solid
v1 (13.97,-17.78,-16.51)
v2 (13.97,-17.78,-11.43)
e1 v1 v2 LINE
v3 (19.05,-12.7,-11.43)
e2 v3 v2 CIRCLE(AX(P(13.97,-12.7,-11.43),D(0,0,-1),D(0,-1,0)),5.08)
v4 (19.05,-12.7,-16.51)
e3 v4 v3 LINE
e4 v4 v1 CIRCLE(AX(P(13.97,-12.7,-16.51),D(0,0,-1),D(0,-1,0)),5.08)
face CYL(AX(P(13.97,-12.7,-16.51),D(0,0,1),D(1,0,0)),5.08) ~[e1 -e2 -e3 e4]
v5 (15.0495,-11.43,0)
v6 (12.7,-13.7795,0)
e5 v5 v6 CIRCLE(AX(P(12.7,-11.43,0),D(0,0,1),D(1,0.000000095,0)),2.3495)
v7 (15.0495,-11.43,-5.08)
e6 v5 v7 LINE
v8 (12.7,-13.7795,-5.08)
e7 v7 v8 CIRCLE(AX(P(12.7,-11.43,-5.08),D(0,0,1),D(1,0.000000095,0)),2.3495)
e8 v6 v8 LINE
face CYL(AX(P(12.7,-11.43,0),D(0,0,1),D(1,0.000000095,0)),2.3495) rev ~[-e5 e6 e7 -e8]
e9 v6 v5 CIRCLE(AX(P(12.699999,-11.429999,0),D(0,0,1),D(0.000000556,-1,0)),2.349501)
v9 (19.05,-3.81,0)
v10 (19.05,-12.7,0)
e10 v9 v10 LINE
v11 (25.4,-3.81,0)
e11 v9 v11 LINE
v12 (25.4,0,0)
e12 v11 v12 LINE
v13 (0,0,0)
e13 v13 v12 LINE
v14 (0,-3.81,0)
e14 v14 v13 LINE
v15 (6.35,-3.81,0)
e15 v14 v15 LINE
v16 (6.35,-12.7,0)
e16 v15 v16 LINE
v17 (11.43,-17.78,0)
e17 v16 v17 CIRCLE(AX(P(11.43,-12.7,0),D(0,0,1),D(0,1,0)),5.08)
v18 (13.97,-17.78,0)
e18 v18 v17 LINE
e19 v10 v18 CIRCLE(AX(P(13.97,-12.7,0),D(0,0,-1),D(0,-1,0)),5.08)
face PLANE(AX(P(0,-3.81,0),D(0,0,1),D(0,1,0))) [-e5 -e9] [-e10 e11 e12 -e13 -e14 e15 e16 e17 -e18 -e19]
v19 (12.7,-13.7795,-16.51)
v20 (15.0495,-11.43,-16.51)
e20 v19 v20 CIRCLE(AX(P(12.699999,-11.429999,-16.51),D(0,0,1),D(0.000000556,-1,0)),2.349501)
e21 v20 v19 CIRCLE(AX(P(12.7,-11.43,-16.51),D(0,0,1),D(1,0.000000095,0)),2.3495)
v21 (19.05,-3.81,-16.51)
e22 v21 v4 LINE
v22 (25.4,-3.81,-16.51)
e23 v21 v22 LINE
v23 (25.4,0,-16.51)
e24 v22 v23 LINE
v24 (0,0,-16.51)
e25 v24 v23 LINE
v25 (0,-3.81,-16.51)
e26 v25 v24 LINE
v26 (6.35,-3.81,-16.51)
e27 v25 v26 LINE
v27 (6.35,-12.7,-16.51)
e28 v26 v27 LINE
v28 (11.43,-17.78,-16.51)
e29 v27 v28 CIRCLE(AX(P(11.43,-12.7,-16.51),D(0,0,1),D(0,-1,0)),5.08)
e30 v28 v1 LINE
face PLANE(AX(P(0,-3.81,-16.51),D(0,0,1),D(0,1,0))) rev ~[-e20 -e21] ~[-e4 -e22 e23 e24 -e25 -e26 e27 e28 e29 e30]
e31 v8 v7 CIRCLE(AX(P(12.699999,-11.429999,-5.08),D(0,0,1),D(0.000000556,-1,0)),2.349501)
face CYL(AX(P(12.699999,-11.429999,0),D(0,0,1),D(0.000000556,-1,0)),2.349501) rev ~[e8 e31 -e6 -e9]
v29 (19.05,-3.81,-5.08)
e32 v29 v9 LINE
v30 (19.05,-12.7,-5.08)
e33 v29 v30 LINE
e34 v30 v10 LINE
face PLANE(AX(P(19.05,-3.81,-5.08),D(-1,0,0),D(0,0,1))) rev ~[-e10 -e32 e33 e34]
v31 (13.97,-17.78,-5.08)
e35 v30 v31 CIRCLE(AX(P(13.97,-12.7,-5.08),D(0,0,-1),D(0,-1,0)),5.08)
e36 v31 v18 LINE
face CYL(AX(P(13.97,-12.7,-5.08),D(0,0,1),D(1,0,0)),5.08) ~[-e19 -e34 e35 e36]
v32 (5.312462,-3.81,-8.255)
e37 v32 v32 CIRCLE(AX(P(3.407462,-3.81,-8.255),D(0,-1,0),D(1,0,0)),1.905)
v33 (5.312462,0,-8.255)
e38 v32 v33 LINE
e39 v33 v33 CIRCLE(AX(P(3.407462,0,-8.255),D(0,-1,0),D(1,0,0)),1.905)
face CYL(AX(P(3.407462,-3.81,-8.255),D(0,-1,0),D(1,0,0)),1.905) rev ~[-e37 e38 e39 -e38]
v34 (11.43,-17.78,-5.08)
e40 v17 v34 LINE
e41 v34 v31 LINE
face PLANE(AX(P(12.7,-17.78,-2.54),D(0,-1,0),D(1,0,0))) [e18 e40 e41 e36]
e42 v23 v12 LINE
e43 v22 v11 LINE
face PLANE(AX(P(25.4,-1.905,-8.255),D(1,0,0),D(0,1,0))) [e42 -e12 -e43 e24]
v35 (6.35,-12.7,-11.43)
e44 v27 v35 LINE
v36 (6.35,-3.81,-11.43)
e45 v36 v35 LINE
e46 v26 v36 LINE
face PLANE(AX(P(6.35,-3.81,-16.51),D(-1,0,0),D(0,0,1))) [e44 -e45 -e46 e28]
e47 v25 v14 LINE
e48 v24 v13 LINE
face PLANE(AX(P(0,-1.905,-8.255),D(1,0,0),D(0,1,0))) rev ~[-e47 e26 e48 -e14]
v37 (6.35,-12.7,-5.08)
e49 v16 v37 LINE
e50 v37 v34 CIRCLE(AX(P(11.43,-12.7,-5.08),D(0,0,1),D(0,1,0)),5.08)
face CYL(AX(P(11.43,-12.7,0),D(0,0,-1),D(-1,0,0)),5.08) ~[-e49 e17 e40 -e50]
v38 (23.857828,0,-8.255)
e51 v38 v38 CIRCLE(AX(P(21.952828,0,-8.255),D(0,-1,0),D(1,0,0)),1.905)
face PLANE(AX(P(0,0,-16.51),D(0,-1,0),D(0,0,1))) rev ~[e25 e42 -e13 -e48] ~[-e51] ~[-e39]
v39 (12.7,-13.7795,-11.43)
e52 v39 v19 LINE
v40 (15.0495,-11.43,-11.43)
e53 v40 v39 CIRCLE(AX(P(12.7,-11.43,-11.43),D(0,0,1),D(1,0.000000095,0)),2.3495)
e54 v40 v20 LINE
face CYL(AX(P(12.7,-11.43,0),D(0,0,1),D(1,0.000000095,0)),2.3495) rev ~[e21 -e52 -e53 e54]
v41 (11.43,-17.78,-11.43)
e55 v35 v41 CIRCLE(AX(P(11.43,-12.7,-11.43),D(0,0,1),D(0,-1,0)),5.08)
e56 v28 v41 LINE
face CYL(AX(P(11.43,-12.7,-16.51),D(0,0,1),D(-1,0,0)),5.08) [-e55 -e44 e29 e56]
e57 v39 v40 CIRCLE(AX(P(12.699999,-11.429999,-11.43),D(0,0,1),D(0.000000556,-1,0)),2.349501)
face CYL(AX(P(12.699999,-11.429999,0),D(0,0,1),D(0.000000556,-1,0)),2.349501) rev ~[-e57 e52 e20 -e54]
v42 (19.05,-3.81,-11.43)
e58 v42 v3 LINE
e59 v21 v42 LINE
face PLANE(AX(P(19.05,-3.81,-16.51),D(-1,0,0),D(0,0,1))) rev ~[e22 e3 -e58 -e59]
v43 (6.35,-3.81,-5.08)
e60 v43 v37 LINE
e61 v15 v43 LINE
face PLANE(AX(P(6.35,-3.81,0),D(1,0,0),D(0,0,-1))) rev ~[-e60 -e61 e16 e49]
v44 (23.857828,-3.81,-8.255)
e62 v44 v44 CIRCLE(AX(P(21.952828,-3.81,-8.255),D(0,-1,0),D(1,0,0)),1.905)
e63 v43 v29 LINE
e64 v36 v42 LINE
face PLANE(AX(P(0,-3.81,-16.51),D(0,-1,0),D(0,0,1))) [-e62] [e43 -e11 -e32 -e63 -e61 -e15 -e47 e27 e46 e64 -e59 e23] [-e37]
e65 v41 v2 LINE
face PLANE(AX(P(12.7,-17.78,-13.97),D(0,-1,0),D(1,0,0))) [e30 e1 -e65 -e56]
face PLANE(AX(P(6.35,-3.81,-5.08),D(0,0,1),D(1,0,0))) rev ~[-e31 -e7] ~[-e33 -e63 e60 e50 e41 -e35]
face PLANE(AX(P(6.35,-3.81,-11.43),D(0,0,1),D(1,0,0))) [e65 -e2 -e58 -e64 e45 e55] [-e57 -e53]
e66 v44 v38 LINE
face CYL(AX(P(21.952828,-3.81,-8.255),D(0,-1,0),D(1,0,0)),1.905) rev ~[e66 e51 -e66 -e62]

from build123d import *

# Parameters (mm, degrees)
F0_W     = 3.81
F0_H     = 16.51
F1_DEPTH = 25.4
F2_W     = 12.7
F2_H     = 5.08
F3_DEPTH = 13.97
F4_R     = 5.08
F6_DEPTH = 25.4
F7_R     = 1.905
F8_DEPTH = 25.4


with BuildPart() as f1:
    # F0 (on Right) → F1 (new body)
    with BuildSketch(Plane.YZ):
        with Locations((-1.905, -8.255)):
            Rectangle(F0_W, F0_H)
    extrude(amount=F1_DEPTH)

    # F2 (on face) → F3 (join)
    with BuildSketch(Plane.XZ.offset(3.81)):
        Polygon((19.05, 0), (12.7, 0), (6.35, 0), (6.35, -5.08), (19.05, -5.08), align=None)
        with Locations((12.7, -13.97)):
            Rectangle(F2_W, F2_H)
    extrude(amount=F3_DEPTH)

    # F4
    f4_edges = [f1.edges().sort_by_distance(p)[0] for p in [
        (19.05, -17.78, -2.54),
        (6.35, -17.78, -2.54),
        (19.05, -17.78, -13.97),
        (6.35, -17.78, -13.97),
    ]]
    fillet(f4_edges, radius=F4_R)

    # F5 (on face) → F6 (cut)
    with BuildSketch(Plane.XY):
        with BuildLine():
            ThreePointArc((15.0495, -11.43), (11.038653, -9.768653), (12.7, -13.7795))
            ThreePointArc((12.7, -13.7795), (14.361347, -13.091347), (15.0495, -11.43))
        make_face()
    extrude(amount=-F6_DEPTH, mode=Mode.SUBTRACT)

    # F7 (on face) → F8 (cut)
    with BuildSketch(Plane.XZ.offset(3.81)):
        with Locations((3.407462, -8.255)):
            Circle(F7_R)
        with Locations((21.952828, -8.255)):
            Circle(F7_R)
    extrude(amount=-F8_DEPTH, mode=Mode.SUBTRACT)


solid = f1.part
